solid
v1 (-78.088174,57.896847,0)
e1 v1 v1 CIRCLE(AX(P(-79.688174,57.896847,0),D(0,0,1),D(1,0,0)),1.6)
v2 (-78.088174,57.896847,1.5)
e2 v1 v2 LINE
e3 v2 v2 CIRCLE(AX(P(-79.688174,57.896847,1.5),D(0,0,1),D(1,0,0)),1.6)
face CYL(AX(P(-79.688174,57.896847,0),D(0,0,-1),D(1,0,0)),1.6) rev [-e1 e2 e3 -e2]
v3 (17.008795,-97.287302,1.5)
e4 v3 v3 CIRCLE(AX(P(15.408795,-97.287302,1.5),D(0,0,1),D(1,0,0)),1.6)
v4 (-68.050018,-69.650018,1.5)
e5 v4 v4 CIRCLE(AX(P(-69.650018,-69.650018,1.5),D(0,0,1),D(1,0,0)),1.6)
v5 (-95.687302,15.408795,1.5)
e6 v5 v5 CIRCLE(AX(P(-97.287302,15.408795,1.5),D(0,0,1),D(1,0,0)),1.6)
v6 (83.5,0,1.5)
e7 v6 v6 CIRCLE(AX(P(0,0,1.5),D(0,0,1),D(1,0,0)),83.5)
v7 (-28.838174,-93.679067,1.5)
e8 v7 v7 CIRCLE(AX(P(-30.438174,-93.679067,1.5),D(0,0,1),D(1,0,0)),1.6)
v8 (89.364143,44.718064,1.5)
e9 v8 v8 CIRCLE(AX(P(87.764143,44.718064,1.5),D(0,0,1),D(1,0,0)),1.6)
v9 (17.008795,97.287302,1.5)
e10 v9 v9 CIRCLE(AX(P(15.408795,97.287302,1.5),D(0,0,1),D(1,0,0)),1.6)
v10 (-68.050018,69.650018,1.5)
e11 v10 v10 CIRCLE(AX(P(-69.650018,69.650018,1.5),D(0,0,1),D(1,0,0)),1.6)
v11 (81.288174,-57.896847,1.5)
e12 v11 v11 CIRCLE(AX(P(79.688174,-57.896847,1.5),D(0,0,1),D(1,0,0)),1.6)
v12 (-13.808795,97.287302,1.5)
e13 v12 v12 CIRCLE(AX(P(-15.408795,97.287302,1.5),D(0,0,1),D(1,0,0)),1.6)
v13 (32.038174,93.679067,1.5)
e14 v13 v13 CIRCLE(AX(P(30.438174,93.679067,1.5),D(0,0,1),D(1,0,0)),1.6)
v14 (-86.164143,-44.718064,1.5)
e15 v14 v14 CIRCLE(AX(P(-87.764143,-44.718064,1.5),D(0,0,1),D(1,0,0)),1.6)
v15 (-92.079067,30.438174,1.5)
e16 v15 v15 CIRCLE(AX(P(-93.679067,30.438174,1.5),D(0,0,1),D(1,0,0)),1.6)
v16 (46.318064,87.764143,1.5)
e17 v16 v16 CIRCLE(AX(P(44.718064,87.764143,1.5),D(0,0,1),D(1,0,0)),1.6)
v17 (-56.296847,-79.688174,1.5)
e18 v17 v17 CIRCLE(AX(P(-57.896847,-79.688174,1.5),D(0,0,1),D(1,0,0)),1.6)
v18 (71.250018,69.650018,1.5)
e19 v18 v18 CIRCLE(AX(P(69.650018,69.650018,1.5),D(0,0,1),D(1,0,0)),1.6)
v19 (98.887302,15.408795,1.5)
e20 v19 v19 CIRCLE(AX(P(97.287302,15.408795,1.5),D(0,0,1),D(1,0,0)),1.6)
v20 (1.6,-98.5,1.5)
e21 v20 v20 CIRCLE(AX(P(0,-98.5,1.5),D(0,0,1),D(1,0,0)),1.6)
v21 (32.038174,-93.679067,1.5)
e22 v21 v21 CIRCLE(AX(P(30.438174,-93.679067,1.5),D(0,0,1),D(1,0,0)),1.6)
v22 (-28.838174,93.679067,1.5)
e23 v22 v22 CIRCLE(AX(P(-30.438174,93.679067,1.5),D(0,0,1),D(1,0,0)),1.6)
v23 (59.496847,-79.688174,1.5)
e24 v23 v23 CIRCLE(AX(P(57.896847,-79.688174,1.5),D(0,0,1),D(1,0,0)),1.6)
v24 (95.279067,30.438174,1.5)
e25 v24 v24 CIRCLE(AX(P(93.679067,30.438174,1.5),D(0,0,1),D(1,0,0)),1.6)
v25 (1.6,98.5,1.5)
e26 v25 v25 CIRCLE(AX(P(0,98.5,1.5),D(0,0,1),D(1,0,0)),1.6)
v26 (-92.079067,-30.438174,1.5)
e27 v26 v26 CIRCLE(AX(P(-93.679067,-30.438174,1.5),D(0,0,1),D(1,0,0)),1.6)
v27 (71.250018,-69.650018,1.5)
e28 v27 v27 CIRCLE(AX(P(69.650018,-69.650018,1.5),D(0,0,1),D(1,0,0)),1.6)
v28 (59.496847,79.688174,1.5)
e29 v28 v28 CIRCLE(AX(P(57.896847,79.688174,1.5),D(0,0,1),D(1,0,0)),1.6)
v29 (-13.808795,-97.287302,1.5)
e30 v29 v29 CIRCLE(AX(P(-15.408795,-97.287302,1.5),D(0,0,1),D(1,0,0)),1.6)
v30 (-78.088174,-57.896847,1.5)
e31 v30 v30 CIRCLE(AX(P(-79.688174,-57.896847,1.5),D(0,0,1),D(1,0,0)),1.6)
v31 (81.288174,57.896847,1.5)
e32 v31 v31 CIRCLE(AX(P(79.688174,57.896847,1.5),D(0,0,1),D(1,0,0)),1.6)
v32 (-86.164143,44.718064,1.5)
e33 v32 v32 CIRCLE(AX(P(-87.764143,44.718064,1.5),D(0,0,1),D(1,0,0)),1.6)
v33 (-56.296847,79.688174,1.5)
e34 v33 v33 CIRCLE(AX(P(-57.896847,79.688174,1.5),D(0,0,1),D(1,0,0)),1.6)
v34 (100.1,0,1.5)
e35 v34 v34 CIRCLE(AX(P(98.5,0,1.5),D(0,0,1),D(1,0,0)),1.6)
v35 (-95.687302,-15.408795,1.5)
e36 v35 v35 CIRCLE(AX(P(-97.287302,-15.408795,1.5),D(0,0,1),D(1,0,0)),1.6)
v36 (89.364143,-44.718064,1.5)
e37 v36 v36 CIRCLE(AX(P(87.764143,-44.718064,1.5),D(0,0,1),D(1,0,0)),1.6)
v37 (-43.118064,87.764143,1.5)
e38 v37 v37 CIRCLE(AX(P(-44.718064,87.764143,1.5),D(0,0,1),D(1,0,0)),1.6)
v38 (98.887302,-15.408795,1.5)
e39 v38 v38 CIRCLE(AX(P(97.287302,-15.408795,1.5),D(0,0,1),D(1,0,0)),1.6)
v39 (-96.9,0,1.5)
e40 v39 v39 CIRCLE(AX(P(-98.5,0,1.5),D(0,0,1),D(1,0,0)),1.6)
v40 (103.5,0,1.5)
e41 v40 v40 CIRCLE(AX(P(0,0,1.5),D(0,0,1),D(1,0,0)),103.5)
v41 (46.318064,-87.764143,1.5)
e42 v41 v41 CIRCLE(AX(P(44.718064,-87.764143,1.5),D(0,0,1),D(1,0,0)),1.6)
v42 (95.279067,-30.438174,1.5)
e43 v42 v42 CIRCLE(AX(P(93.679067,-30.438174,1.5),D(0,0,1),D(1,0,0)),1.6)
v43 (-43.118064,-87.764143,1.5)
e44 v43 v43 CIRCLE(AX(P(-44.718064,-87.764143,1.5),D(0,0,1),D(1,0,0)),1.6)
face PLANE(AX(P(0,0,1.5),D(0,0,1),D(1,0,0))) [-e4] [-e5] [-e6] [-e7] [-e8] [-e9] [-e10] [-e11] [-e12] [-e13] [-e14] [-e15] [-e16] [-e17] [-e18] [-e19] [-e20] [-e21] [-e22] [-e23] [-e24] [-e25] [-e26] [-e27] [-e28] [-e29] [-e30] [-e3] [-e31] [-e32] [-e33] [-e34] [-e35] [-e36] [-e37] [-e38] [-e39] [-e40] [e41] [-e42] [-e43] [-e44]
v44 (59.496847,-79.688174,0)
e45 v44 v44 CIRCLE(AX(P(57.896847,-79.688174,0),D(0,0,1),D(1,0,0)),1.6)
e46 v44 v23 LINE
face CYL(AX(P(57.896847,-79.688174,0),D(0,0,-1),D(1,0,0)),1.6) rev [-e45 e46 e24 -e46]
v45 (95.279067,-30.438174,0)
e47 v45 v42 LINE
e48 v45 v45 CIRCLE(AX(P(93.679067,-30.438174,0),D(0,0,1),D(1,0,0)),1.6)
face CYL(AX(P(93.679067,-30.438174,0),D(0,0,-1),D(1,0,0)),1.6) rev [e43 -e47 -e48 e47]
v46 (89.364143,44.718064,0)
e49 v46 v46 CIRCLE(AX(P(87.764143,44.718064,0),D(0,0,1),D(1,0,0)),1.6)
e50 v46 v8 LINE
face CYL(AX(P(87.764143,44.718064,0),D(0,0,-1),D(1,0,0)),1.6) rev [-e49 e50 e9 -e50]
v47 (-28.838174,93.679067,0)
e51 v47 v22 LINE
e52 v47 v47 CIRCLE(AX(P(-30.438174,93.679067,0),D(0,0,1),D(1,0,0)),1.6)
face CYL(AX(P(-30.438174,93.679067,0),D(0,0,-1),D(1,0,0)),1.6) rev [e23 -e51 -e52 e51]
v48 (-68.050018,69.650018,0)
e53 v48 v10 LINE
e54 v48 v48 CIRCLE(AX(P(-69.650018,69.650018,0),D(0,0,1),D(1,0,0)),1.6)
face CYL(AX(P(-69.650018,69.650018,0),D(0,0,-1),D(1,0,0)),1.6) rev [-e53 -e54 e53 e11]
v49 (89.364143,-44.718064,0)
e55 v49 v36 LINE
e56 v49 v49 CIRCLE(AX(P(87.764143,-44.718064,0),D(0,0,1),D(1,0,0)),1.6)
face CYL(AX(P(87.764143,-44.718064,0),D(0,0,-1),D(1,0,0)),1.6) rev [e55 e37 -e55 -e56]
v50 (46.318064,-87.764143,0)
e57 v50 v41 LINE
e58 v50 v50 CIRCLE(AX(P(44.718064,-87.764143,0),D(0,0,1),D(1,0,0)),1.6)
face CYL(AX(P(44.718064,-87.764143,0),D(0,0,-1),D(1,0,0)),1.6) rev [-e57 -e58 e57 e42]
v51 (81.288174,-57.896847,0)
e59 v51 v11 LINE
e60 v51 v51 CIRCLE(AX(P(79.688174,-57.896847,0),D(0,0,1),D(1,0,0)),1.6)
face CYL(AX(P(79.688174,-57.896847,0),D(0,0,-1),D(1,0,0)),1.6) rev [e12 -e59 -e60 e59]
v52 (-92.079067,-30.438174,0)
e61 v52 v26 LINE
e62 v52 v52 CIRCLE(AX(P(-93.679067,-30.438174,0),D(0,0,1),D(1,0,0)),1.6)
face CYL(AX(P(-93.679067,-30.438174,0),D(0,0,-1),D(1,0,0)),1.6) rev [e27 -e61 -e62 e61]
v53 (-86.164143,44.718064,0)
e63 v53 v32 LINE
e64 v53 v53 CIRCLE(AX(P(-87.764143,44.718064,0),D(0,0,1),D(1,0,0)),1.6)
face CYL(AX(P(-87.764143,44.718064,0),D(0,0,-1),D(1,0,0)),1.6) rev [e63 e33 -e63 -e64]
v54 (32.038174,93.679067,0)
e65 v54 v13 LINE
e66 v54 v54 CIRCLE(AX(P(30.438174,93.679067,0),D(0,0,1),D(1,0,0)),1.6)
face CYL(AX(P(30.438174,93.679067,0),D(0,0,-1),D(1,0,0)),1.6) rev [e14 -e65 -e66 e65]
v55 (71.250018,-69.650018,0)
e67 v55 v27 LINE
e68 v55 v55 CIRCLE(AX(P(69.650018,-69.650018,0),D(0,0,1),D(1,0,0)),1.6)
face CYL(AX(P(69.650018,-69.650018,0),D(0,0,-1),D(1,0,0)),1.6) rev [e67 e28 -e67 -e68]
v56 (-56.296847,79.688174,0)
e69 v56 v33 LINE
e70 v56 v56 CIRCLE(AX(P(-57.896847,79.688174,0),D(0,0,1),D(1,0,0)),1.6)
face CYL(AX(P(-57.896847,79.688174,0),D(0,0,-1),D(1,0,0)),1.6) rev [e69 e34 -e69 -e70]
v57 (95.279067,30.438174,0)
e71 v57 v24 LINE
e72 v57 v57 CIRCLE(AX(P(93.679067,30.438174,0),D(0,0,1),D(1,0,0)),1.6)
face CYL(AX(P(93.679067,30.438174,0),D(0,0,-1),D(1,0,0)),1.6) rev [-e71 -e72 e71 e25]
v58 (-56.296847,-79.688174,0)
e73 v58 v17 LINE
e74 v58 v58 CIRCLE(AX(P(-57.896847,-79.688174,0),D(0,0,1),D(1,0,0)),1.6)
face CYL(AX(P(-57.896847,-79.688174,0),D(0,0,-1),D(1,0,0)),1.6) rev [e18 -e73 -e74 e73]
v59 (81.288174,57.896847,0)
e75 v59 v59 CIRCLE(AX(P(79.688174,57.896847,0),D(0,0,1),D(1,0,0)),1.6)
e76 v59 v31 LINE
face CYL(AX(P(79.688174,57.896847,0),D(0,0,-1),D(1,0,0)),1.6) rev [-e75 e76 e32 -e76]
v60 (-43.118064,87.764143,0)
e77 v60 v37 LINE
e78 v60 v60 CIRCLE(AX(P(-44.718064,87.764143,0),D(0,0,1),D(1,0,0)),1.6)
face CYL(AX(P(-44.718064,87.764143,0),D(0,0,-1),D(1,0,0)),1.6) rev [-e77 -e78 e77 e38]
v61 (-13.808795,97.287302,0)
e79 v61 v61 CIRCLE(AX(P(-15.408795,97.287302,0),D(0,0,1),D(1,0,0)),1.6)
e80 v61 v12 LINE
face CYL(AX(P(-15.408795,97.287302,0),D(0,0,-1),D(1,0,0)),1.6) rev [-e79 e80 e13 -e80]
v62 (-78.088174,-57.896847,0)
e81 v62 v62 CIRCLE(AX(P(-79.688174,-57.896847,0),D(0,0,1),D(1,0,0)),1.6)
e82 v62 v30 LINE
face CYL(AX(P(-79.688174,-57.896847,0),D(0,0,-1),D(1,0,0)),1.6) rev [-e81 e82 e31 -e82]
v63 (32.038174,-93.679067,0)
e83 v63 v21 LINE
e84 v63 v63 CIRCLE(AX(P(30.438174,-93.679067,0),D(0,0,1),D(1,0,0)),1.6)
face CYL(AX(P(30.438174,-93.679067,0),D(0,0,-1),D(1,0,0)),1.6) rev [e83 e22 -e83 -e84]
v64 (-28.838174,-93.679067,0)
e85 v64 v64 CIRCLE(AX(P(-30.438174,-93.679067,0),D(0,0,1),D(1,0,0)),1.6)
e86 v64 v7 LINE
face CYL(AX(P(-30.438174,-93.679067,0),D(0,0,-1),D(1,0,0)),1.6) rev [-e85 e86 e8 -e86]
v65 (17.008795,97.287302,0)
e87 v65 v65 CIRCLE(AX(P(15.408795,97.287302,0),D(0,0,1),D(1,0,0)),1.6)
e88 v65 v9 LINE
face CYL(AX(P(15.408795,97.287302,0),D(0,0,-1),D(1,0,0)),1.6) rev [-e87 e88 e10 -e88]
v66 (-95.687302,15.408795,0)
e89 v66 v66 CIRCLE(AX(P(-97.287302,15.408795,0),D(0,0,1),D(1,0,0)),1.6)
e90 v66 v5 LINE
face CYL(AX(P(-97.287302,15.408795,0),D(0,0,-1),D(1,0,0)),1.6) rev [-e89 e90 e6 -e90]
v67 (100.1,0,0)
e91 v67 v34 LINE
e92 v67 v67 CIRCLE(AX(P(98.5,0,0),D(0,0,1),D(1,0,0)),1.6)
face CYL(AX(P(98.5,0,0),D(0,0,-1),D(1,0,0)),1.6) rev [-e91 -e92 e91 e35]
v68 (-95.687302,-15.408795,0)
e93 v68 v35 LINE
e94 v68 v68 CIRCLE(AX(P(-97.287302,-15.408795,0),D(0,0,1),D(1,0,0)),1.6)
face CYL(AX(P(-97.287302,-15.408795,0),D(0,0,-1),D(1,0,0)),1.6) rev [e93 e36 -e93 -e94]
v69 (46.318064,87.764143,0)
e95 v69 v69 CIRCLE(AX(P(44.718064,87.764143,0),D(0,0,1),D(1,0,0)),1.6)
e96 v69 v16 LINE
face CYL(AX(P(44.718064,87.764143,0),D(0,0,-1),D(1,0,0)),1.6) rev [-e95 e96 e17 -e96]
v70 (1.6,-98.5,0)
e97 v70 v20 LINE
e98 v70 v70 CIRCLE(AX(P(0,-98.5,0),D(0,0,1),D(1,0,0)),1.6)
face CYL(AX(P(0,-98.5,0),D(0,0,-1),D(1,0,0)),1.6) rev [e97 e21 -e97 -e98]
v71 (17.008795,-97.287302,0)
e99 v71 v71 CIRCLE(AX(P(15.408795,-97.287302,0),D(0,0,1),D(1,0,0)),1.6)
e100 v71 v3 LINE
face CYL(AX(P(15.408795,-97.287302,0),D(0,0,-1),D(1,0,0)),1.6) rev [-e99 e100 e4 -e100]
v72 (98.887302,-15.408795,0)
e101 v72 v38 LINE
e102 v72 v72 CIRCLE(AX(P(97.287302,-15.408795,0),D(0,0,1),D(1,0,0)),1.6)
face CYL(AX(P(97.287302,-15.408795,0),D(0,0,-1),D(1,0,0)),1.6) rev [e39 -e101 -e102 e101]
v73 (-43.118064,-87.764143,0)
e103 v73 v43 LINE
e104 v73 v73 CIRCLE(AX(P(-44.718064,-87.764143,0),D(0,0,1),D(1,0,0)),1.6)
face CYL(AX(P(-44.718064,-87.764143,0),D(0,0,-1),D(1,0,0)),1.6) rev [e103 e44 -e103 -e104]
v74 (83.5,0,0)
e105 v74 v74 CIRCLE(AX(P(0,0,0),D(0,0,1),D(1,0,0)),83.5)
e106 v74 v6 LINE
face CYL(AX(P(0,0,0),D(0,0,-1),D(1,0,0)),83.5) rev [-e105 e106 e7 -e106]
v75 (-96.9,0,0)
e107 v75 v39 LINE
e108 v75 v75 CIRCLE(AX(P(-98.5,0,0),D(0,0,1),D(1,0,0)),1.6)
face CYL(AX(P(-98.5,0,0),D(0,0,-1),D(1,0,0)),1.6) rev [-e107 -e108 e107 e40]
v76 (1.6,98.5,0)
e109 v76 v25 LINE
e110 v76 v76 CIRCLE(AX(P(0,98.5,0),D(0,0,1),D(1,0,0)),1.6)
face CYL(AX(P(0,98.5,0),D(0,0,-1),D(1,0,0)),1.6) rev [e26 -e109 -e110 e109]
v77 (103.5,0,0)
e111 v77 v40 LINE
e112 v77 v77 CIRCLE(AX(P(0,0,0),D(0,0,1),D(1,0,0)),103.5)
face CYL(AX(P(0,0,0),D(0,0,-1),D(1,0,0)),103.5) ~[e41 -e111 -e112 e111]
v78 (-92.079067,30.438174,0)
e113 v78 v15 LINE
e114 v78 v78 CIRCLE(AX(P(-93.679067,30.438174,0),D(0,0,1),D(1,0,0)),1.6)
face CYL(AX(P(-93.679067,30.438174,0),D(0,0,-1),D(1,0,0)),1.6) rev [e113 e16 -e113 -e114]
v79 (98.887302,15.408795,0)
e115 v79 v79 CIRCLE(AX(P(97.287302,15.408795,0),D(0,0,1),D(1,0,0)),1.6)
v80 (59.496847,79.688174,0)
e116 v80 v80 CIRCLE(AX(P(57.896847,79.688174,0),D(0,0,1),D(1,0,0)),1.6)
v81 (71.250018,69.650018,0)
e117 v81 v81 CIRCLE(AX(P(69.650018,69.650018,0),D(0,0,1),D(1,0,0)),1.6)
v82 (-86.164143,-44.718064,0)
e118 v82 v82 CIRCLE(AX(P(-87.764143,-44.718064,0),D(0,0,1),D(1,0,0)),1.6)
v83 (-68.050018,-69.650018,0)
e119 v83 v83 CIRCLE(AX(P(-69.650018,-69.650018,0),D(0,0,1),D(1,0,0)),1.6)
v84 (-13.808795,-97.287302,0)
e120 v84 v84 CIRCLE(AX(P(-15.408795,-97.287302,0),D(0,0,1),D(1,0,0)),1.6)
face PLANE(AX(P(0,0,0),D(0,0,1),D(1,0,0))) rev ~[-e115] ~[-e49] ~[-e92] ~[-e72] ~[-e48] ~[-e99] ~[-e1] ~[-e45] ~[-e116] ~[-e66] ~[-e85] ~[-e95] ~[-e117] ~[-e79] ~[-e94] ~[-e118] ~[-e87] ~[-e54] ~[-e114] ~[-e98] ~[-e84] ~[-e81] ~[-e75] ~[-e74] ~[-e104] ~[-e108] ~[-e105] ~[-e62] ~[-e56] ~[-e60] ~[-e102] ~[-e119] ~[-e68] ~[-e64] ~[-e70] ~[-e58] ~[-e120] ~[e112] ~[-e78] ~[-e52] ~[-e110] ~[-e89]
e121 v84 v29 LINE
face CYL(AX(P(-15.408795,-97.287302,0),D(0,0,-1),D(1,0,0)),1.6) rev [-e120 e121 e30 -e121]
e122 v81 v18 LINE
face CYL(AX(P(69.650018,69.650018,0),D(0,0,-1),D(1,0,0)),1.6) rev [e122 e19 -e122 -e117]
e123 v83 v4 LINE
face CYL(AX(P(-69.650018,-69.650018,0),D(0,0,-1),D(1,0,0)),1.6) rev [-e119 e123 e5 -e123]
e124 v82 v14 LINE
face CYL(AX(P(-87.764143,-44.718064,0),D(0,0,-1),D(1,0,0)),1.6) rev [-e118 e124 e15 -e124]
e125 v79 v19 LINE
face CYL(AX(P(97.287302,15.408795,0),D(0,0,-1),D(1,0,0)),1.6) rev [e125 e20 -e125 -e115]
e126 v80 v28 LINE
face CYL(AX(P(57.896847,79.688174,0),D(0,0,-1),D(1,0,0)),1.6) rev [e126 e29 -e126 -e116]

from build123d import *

# Parameters (mm, degrees)
SKETCH_1_R      = 103.5
SKETCH_1_R_2    = 83.5
SKETCH_1_R_3    = 1.6
EXTRUDE_1_DEPTH = 1.5


with BuildPart() as part:
    # 草图1 → 凸台-拉伸1 (new body)
    with BuildSketch(Plane.XY):
        Circle(SKETCH_1_R)
        Circle(SKETCH_1_R_2, mode=Mode.SUBTRACT)
        with Locations((0, 98.5)):
            Circle(SKETCH_1_R_3, mode=Mode.SUBTRACT)
        with Locations((15.408794806, 97.287301549)):
            Circle(SKETCH_1_R_3, mode=Mode.SUBTRACT)
        with Locations((30.438173946, 93.679066855)):
            Circle(SKETCH_1_R_3, mode=Mode.SUBTRACT)
        with Locations((44.718064224, 87.764142633)):
            Circle(SKETCH_1_R_3, mode=Mode.SUBTRACT)
        with Locations((57.896847351, 79.688173946)):
            Circle(SKETCH_1_R_3, mode=Mode.SUBTRACT)
        with Locations((69.650017947, 69.650017947)):
            Circle(SKETCH_1_R_3, mode=Mode.SUBTRACT)
        with Locations((79.688173946, 57.896847351)):
            Circle(SKETCH_1_R_3, mode=Mode.SUBTRACT)
        with Locations((87.764142633, 44.718064224)):
            Circle(SKETCH_1_R_3, mode=Mode.SUBTRACT)
        with Locations((93.679066855, 30.438173946)):
            Circle(SKETCH_1_R_3, mode=Mode.SUBTRACT)
        with Locations((97.287301549, 15.408794806)):
            Circle(SKETCH_1_R_3, mode=Mode.SUBTRACT)
        with Locations((98.5, 0)):
            Circle(SKETCH_1_R_3, mode=Mode.SUBTRACT)
        with Locations((97.287301549, -15.408794806)):
            Circle(SKETCH_1_R_3, mode=Mode.SUBTRACT)
        with Locations((93.679066855, -30.438173946)):
            Circle(SKETCH_1_R_3, mode=Mode.SUBTRACT)
        with Locations((87.764142633, -44.718064224)):
            Circle(SKETCH_1_R_3, mode=Mode.SUBTRACT)
        with Locations((79.688173946, -57.896847351)):
            Circle(SKETCH_1_R_3, mode=Mode.SUBTRACT)
        with Locations((69.650017947, -69.650017947)):
            Circle(SKETCH_1_R_3, mode=Mode.SUBTRACT)
        with Locations((57.896847351, -79.688173946)):
            Circle(SKETCH_1_R_3, mode=Mode.SUBTRACT)
        with Locations((44.718064224, -87.764142633)):
            Circle(SKETCH_1_R_3, mode=Mode.SUBTRACT)
        with Locations((30.438173946, -93.679066855)):
            Circle(SKETCH_1_R_3, mode=Mode.SUBTRACT)
        with Locations((15.408794806, -97.287301549)):
            Circle(SKETCH_1_R_3, mode=Mode.SUBTRACT)
        with Locations((0, -98.5)):
            Circle(SKETCH_1_R_3, mode=Mode.SUBTRACT)
        with Locations((-15.408794806, -97.287301549)):
            Circle(SKETCH_1_R_3, mode=Mode.SUBTRACT)
        with Locations((-30.438173946, -93.679066855)):
            Circle(SKETCH_1_R_3, mode=Mode.SUBTRACT)
        with Locations((-44.718064224, -87.764142633)):
            Circle(SKETCH_1_R_3, mode=Mode.SUBTRACT)
        with Locations((-57.896847351, -79.688173946)):
            Circle(SKETCH_1_R_3, mode=Mode.SUBTRACT)
        with Locations((-69.650017947, -69.650017947)):
            Circle(SKETCH_1_R_3, mode=Mode.SUBTRACT)
        with Locations((-79.688173946, -57.896847351)):
            Circle(SKETCH_1_R_3, mode=Mode.SUBTRACT)
        with Locations((-87.764142633, -44.718064224)):
            Circle(SKETCH_1_R_3, mode=Mode.SUBTRACT)
        with Locations((-93.679066855, -30.438173946)):
            Circle(SKETCH_1_R_3, mode=Mode.SUBTRACT)
        with Locations((-97.287301549, -15.408794806)):
            Circle(SKETCH_1_R_3, mode=Mode.SUBTRACT)
        with Locations((-98.5, 0)):
            Circle(SKETCH_1_R_3, mode=Mode.SUBTRACT)
        with Locations((-97.287301549, 15.408794806)):
            Circle(SKETCH_1_R_3, mode=Mode.SUBTRACT)
        with Locations((-93.679066855, 30.438173946)):
            Circle(SKETCH_1_R_3, mode=Mode.SUBTRACT)
        with Locations((-87.764142633, 44.718064224)):
            Circle(SKETCH_1_R_3, mode=Mode.SUBTRACT)
        with Locations((-79.688173946, 57.896847351)):
            Circle(SKETCH_1_R_3, mode=Mode.SUBTRACT)
        with Locations((-69.650017947, 69.650017947)):
            Circle(SKETCH_1_R_3, mode=Mode.SUBTRACT)
        with Locations((-57.896847351, 79.688173946)):
            Circle(SKETCH_1_R_3, mode=Mode.SUBTRACT)
        with Locations((-44.718064224, 87.764142633)):
            Circle(SKETCH_1_R_3, mode=Mode.SUBTRACT)
        with Locations((-30.438173946, 93.679066855)):
            Circle(SKETCH_1_R_3, mode=Mode.SUBTRACT)
        with Locations((-15.408794806, 97.287301549)):
            Circle(SKETCH_1_R_3, mode=Mode.SUBTRACT)
    extrude(amount=EXTRUDE_1_DEPTH)


solid = part.part
